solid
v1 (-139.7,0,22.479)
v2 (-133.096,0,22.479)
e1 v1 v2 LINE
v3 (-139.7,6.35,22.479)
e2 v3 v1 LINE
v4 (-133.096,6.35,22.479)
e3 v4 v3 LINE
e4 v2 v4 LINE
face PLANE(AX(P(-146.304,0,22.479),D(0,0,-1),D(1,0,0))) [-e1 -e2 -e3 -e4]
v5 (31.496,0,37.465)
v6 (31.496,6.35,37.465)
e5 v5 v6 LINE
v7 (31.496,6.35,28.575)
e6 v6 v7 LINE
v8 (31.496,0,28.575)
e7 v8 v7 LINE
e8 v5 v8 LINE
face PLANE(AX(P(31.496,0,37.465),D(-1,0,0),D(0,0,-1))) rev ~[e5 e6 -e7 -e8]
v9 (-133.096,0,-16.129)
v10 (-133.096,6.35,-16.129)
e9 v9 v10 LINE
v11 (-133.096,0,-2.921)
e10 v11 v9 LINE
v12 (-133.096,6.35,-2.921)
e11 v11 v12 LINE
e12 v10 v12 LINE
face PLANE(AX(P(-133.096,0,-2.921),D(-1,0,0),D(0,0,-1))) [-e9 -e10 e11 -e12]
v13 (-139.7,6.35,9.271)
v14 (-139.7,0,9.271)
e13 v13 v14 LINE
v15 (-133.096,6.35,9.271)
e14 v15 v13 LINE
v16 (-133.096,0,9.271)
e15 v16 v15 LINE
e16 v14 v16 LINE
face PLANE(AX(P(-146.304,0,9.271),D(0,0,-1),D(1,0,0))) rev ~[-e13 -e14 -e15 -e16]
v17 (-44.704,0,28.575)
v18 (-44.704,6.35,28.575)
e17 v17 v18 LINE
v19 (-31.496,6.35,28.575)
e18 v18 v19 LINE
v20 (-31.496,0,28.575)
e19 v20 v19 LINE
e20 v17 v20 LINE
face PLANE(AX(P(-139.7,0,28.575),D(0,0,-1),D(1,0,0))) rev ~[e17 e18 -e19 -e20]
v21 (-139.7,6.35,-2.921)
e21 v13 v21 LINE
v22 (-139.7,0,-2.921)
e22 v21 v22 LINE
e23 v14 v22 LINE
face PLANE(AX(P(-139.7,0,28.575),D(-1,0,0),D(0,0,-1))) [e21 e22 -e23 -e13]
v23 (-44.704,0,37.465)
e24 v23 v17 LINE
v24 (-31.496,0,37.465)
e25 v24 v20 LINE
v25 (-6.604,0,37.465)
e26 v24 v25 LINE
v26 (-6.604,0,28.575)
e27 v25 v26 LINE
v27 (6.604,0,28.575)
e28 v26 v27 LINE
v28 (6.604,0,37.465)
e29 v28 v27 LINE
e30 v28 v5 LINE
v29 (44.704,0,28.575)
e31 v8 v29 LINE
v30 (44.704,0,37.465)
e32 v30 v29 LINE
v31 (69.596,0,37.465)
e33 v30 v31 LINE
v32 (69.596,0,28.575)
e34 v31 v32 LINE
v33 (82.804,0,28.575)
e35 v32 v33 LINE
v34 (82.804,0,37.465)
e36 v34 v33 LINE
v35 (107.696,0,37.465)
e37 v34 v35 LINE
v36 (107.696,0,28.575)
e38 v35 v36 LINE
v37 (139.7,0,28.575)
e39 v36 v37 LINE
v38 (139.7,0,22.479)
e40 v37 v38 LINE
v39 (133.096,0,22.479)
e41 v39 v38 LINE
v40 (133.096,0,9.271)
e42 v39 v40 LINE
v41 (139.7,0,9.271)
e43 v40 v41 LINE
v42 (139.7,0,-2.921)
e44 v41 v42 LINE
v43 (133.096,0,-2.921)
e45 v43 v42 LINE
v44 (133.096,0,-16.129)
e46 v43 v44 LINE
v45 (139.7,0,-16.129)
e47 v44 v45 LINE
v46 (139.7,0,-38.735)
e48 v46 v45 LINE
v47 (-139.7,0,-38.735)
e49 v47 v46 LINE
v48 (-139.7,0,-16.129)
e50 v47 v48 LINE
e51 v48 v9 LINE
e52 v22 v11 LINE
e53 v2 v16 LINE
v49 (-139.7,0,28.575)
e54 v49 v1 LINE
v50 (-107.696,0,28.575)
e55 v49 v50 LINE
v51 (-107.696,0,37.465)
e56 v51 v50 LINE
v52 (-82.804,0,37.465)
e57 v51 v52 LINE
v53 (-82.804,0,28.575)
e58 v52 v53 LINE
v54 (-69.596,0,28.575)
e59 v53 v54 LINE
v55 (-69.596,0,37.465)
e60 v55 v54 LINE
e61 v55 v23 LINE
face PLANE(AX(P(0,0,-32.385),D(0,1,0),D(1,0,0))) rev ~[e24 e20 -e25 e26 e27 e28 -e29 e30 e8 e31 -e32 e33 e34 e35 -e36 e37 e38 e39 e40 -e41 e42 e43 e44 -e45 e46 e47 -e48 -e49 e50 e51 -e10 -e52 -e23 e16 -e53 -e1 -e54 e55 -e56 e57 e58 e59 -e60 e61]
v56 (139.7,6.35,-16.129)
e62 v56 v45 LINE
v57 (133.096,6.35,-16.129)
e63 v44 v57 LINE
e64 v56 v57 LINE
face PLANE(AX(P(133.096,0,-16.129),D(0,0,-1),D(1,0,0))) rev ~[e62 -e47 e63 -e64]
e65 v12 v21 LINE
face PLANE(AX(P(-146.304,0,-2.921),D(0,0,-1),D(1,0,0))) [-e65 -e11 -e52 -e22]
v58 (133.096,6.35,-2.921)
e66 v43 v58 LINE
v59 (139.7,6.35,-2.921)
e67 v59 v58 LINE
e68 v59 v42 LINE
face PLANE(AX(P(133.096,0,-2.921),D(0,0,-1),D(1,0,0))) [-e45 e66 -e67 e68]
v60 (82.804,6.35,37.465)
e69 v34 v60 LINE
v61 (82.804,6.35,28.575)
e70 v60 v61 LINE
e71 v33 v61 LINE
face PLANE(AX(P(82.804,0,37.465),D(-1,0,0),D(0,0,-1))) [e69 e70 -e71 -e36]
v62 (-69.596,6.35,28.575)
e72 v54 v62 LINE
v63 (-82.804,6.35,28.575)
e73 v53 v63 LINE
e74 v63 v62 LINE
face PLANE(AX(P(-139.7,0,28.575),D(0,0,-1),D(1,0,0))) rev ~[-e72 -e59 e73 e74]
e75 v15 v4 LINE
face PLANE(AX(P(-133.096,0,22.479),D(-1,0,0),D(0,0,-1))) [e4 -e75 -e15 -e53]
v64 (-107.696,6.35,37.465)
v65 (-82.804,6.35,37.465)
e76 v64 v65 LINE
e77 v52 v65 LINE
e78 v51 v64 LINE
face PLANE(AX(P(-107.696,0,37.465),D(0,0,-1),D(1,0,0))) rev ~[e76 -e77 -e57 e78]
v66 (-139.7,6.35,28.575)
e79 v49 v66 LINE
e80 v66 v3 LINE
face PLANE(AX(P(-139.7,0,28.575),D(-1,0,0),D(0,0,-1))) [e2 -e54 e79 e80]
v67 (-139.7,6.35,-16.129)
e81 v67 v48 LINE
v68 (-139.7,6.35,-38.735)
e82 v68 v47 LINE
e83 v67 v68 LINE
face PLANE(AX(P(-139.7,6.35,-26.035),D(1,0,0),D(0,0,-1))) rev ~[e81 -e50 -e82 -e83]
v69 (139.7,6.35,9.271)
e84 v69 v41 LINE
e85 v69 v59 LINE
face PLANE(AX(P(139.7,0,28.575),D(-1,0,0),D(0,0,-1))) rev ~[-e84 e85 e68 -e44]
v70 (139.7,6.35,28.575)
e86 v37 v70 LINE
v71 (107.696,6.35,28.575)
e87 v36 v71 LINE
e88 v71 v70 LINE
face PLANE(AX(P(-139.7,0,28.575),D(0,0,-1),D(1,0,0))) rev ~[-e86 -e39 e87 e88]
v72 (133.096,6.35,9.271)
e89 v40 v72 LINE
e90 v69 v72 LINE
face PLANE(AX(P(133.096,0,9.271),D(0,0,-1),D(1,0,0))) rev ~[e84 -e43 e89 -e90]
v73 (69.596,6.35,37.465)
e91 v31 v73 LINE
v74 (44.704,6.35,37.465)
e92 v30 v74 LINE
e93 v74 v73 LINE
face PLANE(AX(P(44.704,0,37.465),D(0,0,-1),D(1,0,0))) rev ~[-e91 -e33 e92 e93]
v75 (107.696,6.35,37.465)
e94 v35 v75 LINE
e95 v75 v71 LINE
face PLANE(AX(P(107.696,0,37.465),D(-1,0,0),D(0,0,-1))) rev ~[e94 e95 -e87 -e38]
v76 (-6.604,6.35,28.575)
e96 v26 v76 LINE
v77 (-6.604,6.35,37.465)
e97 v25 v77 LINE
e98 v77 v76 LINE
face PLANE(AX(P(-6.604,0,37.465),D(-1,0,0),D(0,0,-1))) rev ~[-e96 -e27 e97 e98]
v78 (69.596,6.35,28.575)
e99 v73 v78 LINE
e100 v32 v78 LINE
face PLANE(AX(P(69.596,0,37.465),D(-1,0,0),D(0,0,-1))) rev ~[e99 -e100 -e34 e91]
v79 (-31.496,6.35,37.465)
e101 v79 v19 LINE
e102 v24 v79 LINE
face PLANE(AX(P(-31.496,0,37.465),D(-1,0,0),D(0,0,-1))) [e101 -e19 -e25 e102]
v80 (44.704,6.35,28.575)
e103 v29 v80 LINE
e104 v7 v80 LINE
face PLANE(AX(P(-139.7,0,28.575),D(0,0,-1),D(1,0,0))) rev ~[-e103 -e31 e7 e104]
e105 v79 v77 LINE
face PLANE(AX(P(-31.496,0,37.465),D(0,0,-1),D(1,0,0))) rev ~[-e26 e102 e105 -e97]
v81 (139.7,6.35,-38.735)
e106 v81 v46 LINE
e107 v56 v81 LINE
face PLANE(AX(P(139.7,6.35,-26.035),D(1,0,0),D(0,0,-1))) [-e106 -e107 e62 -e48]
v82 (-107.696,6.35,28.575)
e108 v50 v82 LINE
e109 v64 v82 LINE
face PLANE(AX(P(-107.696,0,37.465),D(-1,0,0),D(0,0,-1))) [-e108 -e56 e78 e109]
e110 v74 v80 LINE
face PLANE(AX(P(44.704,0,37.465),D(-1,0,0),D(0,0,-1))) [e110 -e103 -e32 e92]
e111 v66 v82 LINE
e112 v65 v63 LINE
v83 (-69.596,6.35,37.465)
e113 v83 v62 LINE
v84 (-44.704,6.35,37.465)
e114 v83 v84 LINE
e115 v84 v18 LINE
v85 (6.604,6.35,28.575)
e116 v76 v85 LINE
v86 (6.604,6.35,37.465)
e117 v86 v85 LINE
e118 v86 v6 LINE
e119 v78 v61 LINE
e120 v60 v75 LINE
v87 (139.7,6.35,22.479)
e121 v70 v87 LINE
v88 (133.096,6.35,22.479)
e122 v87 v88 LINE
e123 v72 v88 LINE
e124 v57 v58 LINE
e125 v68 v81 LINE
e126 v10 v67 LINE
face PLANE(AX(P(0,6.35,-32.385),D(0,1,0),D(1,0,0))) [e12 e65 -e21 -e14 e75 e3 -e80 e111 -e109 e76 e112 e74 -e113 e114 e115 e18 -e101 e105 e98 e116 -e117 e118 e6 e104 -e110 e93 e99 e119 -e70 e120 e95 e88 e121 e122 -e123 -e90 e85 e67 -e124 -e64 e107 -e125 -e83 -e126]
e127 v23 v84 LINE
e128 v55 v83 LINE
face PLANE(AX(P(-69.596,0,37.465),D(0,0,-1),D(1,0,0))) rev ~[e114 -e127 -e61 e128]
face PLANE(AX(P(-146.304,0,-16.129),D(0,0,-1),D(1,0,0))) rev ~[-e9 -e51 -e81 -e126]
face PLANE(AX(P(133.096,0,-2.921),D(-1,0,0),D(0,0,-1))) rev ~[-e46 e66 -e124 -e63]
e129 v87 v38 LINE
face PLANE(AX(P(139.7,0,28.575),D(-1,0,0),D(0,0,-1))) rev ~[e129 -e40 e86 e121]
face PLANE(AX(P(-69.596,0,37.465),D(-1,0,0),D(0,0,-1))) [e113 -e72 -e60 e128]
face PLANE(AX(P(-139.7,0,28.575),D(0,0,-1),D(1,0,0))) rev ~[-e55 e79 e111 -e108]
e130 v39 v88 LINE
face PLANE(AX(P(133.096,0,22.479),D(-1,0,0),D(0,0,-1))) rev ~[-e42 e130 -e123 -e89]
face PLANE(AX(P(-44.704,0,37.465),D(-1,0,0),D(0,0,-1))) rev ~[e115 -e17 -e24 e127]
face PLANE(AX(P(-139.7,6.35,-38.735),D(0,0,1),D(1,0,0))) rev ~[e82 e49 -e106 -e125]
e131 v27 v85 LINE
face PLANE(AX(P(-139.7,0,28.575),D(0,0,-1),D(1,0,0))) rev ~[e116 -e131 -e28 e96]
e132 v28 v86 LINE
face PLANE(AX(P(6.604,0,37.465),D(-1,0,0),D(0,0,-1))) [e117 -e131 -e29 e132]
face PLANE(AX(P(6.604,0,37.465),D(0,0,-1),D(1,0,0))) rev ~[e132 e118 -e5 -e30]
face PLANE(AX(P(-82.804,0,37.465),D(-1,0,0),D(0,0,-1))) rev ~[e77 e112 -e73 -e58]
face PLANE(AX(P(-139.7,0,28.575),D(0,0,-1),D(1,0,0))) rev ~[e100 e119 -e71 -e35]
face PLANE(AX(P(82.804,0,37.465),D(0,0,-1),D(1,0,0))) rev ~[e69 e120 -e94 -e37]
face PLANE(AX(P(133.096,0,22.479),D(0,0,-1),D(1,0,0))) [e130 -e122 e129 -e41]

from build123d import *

# Parameters (mm, degrees)
SKETCH1_W           = 279.4
SKETCH1_H           = 57.15
BOSS_EXTRUDE1_DEPTH = 6.35
SKETCH3_W           = 24.892
SKETCH3_H           = 8.89
BOSS_EXTRUDE2_DEPTH = 6.35
SKETCH4_W           = 13.208
SKETCH4_H           = 13.208
CUT_EXTRUDE2_DEPTH  = 145.775822308
SKETCH5_W           = 311.517575851
SKETCH5_H           = 2.54
CUT_EXTRUDE3_DEPTH  = 145.775822308
SKETCH6_W           = 279.4
SKETCH6_H           = 12.7
BOSS_EXTRUDE3_DEPTH = 6.35


with BuildPart() as part:
    # Sketch1 → Boss-Extrude1 (new body)
    with BuildSketch(Plane(origin=(0, 0, 0), x_dir=(1, 0, 0), z_dir=(0, 1, 0))):
        Rectangle(SKETCH1_W, SKETCH1_H)
    extrude(amount=BOSS_EXTRUDE1_DEPTH)

    # Sketch3 → Boss-Extrude2 (add)
    with BuildSketch(Plane(origin=(0, 0, 0), x_dir=(1, 0, 0), z_dir=(0, 1, 0))):
        with Locations((-95.25, -33.02)):
            Rectangle(SKETCH3_W, SKETCH3_H)
        with Locations((-57.15, -33.02)):
            Rectangle(SKETCH3_W, SKETCH3_H)
        with Locations((-19.05, -33.02)):
            Rectangle(SKETCH3_W, SKETCH3_H)
        with Locations((19.05, -33.02)):
            Rectangle(SKETCH3_W, SKETCH3_H)
        with Locations((57.15, -33.02)):
            Rectangle(SKETCH3_W, SKETCH3_H)
        with Locations((95.25, -33.02)):
            Rectangle(SKETCH3_W, SKETCH3_H)
    extrude(amount=BOSS_EXTRUDE2_DEPTH)

    # Sketch4 → Cut-Extrude2 (cut, through all)
    with BuildSketch(Plane(origin=(0, 0, 0), x_dir=(1, 0, 0), z_dir=(0, 1, 0))):
        with Locations((-139.7, 9.525)):
            Rectangle(SKETCH4_W, SKETCH4_H)
        with Locations((-139.7, -15.875)):
            Rectangle(SKETCH4_W, SKETCH4_H)
        with Locations((139.7, -15.875)):
            Rectangle(SKETCH4_W, SKETCH4_H)
        with Locations((139.7, 9.525)):
            Rectangle(SKETCH4_W, SKETCH4_H)
    extrude(amount=CUT_EXTRUDE2_DEPTH, mode=Mode.SUBTRACT)

    # Sketch5 → Cut-Extrude3 (cut, through all)
    with BuildSketch(Plane(origin=(0, 6.35, 0), x_dir=(1, 0, 0), z_dir=(0, 1, 0))):
        with Locations((16.058787925, 27.305)):
            Rectangle(SKETCH5_W, SKETCH5_H)
    extrude(amount=-CUT_EXTRUDE3_DEPTH, mode=Mode.SUBTRACT)

    # Sketch6 → Boss-Extrude3 (add)
    with BuildSketch(Plane(origin=(0, 6.35, 0), x_dir=(1, 0, 0), z_dir=(0, 1, 0))):
        with Locations((0, 32.385)):
            Rectangle(SKETCH6_W, SKETCH6_H)
    extrude(amount=-BOSS_EXTRUDE3_DEPTH)


solid = part.part
